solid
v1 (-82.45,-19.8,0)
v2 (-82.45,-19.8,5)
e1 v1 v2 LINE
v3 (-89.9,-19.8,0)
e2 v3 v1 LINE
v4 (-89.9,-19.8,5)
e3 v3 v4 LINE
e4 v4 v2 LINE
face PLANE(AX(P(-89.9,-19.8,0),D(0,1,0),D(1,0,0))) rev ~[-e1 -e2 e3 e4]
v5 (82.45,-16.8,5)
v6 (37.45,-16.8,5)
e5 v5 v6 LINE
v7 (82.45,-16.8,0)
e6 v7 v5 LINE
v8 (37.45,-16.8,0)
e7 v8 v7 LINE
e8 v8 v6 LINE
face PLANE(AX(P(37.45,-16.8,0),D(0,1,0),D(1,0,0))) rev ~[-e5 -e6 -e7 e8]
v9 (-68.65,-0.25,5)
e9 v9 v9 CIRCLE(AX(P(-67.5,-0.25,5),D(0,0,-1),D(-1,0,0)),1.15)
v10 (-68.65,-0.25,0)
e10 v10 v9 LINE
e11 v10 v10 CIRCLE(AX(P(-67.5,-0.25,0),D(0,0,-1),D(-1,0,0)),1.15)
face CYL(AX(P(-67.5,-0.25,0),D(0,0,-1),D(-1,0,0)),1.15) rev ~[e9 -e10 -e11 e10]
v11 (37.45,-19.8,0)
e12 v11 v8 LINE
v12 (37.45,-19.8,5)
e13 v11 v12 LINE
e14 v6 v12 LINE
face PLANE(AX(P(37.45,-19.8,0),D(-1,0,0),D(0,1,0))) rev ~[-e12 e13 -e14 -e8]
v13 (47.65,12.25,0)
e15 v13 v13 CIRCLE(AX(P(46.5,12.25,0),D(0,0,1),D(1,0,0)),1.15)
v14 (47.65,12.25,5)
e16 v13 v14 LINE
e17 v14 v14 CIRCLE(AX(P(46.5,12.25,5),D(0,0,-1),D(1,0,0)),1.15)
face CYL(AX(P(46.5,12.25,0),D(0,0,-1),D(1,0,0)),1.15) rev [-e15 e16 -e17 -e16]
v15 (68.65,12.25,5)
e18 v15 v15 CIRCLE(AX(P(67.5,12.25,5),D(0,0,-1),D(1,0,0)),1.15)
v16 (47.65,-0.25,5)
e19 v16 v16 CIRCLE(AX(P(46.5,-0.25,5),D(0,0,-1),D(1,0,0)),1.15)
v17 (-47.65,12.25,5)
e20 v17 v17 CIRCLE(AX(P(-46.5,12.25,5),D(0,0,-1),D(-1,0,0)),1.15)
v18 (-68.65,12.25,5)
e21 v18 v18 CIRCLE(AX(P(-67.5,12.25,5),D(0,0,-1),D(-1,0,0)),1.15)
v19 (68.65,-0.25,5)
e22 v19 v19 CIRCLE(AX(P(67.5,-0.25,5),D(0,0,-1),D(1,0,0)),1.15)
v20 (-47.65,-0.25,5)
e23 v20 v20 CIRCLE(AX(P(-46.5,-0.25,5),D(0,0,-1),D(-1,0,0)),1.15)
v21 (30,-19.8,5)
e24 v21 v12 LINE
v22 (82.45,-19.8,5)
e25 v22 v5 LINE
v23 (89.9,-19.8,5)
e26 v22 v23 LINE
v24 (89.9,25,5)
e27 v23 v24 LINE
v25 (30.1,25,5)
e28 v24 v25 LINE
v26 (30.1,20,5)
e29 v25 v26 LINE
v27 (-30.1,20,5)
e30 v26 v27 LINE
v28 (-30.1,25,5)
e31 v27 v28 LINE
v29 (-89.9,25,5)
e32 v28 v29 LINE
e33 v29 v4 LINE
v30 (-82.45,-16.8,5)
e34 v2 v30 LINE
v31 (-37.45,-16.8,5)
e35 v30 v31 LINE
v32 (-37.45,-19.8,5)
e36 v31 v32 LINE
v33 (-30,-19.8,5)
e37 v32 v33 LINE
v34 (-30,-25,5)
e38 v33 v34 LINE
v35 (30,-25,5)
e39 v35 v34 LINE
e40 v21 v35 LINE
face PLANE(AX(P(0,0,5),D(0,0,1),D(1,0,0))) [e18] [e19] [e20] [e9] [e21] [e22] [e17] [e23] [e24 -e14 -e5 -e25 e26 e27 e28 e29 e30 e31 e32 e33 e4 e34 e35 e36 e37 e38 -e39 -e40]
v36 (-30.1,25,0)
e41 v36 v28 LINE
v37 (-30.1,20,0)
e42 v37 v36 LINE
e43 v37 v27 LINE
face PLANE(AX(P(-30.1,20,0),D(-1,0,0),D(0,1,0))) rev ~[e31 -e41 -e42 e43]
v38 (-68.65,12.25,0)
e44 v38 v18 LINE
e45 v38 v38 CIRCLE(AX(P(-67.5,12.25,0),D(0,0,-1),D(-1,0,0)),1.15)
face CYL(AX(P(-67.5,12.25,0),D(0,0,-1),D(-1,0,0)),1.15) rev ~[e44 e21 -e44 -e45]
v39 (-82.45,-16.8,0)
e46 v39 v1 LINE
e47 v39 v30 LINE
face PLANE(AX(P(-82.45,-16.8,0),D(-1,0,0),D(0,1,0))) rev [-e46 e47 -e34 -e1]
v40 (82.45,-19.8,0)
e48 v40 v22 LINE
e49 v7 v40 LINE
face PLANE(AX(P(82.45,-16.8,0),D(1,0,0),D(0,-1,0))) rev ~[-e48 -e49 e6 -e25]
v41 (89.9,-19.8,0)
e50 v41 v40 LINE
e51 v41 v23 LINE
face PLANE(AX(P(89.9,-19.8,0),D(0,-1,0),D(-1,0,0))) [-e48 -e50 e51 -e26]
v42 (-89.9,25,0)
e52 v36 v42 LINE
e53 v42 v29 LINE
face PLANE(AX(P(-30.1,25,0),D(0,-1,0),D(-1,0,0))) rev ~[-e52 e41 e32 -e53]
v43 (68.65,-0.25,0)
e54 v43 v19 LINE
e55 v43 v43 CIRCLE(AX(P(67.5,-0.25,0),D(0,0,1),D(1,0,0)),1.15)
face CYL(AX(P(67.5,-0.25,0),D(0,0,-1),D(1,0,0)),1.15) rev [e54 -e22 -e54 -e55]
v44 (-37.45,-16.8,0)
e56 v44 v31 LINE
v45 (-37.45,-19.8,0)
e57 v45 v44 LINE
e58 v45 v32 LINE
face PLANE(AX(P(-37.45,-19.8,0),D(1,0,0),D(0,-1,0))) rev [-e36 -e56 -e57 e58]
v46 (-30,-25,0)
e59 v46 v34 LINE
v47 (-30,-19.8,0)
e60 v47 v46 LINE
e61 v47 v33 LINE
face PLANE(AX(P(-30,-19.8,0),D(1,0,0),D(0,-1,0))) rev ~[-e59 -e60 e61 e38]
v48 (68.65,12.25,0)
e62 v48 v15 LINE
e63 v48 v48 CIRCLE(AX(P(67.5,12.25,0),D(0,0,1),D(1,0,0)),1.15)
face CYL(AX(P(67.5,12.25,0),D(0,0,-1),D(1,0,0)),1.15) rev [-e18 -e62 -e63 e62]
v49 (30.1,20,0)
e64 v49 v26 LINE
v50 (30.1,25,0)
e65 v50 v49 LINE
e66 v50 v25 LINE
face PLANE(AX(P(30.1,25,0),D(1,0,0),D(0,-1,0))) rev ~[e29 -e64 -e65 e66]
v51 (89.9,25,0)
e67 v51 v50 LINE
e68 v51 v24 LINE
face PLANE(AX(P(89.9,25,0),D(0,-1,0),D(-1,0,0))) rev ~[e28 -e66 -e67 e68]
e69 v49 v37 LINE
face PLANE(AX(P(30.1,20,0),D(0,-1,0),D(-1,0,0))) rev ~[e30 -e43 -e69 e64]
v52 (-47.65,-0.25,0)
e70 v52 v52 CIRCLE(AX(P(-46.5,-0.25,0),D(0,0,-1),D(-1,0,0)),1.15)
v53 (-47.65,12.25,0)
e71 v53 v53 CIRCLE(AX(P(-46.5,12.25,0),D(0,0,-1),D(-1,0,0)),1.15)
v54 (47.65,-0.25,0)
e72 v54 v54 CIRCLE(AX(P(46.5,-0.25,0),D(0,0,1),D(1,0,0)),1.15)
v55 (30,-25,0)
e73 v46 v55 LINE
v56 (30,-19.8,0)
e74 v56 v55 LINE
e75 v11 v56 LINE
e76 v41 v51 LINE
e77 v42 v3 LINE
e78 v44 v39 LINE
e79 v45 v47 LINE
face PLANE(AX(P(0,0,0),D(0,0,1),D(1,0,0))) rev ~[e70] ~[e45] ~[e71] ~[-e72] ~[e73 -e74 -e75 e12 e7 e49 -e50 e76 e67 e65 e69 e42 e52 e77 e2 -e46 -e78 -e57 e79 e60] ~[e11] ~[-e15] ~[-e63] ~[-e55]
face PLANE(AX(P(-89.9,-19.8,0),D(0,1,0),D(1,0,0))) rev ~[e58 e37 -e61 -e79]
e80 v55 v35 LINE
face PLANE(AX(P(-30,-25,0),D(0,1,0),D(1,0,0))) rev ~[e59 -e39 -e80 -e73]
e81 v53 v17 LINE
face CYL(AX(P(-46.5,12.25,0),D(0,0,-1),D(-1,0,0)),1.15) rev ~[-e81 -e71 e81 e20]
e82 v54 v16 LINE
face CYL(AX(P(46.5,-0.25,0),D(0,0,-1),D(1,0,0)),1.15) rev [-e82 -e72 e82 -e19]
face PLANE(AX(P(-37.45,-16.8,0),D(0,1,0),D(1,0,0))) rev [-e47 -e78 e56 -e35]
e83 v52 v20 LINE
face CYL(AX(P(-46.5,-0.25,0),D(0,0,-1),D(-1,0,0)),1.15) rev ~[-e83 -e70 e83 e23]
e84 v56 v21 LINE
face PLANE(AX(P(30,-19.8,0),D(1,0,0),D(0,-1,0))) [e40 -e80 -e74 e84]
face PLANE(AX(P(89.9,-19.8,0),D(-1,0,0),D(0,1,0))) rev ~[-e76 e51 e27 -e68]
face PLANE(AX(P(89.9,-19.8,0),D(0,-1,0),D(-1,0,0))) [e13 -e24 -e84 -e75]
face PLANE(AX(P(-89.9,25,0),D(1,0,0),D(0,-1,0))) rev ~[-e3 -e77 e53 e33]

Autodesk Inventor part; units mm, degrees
ref_plane "YZ Plane" through (0, 0, 0) normal (1, 0, 0) x (0, 1, 0)
ref_plane "XZ Plane" through (0, 0, 0) normal (0, 1, 0) x (-1, 0, 0)
ref_plane "XY Plane" through (0, 0, 0) normal (0, 0, 1) x (1, 0, 0)
sketch "Sketch1" plane through (0, 0, 0) normal (0, 0, 1) x (1, 0, 0)
  line L0 (-89.9, -25) -> (89.9, -25)
  line L1 (89.9, -25) -> (89.9, 25)
  line L2 (89.9, 25) -> (-89.9, 25)
  line L3 (-89.9, 25) -> (-89.9, -25)
  line L4 (-89.9, -25) -> (89.9, 25) construction
  line L5 (89.9, -25) -> (-89.9, 25) construction
  line L6 (46.5, 12.25) -> (67.5, 12.25) construction
  line L7 (67.5, 12.25) -> (67.5, -0.25) construction
  line L8 (67.5, -0.25) -> (46.5, -0.25) construction
  line L9 (46.5, -0.25) -> (46.5, 12.25) construction
  line L10 (46.5, 12.25) -> (67.5, -0.25) construction
  line L11 (67.5, 12.25) -> (46.5, -0.25) construction
  circle A0 centre (46.5, 12.25) radius 1.15
  circle A1 centre (67.5, 12.25) radius 1.15
  circle A2 centre (67.5, -0.25) radius 1.15
  circle A3 centre (46.5, -0.25) radius 1.15
  line L12 (-30.1, 25) -> (30.1, 25)
  line L13 (30.1, 25) -> (30.1, 20)
  line L14 (30.1, 20) -> (-30.1, 20)
  line L15 (-30.1, 20) -> (-30.1, 25)
  line L16 (-30.1, 25) -> (30.1, 20) construction
  line L17 (30.1, 25) -> (-30.1, 20) construction
  line L18 (-89.9, -19.8) -> (-30, -19.8)
  line L19 (-30, -19.8) -> (-30, -25)
  line L20 (-30, -25) -> (-89.9, -25)
  line L21 (-89.9, -25) -> (-89.9, -19.8)
  line L22 (-89.9, -19.8) -> (-30, -25) construction
  line L23 (-30, -19.8) -> (-89.9, -25) construction
  line L24 (19.7182, -25) -> (70.1, -25)
  line L25 (0, 0) -> (0, -25) construction
  line L26 (30, -25) -> (89.9, -25)
  line L27 (89.9, -25) -> (89.9, -19.8)
  line L28 (89.9, -19.8) -> (30, -19.8)
  line L29 (30, -19.8) -> (30, -25)
  line L30 (30, -25) -> (89.9, -19.8) construction
  line L31 (89.9, -25) -> (30, -19.8) construction
  line L32 (37.45, -16.8) -> (82.45, -16.8)
  line L33 (82.45, -16.8) -> (82.45, -19.8)
  line L34 (82.45, -19.8) -> (37.45, -19.8)
  line L35 (37.45, -19.8) -> (37.45, -16.8)
  line L36 (37.45, -16.8) -> (82.45, -19.8) construction
  line L37 (82.45, -16.8) -> (37.45, -19.8) construction
  point P0 (57, 6)
  point P1 (0, 22.5)
  point P2 (-59.95, -22.4)
  point P3 (30.1, 25)
  point P4 (-30.1, 25)
  point P5 (59.95, -22.4)
  point P6 (30, -25)
  point P7 (59.95, -18.3)
  point P8 (37.45, -19.8)
  dimension "d0" = 179.8
  dimension "d1" = 50
  dimension "d2" = 12.5
  dimension "d3" = 21
  dimension "d4" = 2.3
  dimension "d5" = 2.3
  dimension "d6" = 2.3
  dimension "d7" = 2.3
  dimension "d8" = 57
  dimension "d9" = 6
  dimension "d10" = 5
  dimension "d11" = 60.2
  dimension "d12" = 5.2
  dimension "d21" = 5.2
  dimension "d24" = 60
  dimension "d25" = 45
  dimension "d26" = 3
extrude "Extrusion1" add sketch "Sketch1" along normal blind 5 contours L19 L18 L3 L2 L15 L14 L13 L1 L28 L33 L32 L35 L29 L0 | L35 L32 L33 L28 | A0 | A1 | A2 | A3
extrude "Extrusion2" cut sketch "Sketch1" along normal through all contours L35 L32 L33 L28 | A0 | A1 | A2 | A3
mirror "Mirror1" about plane through (0, 0, 0) normal (1, 0, 0) of "Extrusion2"
equation "\"d5\" = d4"
equation "\"d6\" = d5"
equation "\"d7\" = d4"
properties part number "upper-front-plate-support" material "Glass"
